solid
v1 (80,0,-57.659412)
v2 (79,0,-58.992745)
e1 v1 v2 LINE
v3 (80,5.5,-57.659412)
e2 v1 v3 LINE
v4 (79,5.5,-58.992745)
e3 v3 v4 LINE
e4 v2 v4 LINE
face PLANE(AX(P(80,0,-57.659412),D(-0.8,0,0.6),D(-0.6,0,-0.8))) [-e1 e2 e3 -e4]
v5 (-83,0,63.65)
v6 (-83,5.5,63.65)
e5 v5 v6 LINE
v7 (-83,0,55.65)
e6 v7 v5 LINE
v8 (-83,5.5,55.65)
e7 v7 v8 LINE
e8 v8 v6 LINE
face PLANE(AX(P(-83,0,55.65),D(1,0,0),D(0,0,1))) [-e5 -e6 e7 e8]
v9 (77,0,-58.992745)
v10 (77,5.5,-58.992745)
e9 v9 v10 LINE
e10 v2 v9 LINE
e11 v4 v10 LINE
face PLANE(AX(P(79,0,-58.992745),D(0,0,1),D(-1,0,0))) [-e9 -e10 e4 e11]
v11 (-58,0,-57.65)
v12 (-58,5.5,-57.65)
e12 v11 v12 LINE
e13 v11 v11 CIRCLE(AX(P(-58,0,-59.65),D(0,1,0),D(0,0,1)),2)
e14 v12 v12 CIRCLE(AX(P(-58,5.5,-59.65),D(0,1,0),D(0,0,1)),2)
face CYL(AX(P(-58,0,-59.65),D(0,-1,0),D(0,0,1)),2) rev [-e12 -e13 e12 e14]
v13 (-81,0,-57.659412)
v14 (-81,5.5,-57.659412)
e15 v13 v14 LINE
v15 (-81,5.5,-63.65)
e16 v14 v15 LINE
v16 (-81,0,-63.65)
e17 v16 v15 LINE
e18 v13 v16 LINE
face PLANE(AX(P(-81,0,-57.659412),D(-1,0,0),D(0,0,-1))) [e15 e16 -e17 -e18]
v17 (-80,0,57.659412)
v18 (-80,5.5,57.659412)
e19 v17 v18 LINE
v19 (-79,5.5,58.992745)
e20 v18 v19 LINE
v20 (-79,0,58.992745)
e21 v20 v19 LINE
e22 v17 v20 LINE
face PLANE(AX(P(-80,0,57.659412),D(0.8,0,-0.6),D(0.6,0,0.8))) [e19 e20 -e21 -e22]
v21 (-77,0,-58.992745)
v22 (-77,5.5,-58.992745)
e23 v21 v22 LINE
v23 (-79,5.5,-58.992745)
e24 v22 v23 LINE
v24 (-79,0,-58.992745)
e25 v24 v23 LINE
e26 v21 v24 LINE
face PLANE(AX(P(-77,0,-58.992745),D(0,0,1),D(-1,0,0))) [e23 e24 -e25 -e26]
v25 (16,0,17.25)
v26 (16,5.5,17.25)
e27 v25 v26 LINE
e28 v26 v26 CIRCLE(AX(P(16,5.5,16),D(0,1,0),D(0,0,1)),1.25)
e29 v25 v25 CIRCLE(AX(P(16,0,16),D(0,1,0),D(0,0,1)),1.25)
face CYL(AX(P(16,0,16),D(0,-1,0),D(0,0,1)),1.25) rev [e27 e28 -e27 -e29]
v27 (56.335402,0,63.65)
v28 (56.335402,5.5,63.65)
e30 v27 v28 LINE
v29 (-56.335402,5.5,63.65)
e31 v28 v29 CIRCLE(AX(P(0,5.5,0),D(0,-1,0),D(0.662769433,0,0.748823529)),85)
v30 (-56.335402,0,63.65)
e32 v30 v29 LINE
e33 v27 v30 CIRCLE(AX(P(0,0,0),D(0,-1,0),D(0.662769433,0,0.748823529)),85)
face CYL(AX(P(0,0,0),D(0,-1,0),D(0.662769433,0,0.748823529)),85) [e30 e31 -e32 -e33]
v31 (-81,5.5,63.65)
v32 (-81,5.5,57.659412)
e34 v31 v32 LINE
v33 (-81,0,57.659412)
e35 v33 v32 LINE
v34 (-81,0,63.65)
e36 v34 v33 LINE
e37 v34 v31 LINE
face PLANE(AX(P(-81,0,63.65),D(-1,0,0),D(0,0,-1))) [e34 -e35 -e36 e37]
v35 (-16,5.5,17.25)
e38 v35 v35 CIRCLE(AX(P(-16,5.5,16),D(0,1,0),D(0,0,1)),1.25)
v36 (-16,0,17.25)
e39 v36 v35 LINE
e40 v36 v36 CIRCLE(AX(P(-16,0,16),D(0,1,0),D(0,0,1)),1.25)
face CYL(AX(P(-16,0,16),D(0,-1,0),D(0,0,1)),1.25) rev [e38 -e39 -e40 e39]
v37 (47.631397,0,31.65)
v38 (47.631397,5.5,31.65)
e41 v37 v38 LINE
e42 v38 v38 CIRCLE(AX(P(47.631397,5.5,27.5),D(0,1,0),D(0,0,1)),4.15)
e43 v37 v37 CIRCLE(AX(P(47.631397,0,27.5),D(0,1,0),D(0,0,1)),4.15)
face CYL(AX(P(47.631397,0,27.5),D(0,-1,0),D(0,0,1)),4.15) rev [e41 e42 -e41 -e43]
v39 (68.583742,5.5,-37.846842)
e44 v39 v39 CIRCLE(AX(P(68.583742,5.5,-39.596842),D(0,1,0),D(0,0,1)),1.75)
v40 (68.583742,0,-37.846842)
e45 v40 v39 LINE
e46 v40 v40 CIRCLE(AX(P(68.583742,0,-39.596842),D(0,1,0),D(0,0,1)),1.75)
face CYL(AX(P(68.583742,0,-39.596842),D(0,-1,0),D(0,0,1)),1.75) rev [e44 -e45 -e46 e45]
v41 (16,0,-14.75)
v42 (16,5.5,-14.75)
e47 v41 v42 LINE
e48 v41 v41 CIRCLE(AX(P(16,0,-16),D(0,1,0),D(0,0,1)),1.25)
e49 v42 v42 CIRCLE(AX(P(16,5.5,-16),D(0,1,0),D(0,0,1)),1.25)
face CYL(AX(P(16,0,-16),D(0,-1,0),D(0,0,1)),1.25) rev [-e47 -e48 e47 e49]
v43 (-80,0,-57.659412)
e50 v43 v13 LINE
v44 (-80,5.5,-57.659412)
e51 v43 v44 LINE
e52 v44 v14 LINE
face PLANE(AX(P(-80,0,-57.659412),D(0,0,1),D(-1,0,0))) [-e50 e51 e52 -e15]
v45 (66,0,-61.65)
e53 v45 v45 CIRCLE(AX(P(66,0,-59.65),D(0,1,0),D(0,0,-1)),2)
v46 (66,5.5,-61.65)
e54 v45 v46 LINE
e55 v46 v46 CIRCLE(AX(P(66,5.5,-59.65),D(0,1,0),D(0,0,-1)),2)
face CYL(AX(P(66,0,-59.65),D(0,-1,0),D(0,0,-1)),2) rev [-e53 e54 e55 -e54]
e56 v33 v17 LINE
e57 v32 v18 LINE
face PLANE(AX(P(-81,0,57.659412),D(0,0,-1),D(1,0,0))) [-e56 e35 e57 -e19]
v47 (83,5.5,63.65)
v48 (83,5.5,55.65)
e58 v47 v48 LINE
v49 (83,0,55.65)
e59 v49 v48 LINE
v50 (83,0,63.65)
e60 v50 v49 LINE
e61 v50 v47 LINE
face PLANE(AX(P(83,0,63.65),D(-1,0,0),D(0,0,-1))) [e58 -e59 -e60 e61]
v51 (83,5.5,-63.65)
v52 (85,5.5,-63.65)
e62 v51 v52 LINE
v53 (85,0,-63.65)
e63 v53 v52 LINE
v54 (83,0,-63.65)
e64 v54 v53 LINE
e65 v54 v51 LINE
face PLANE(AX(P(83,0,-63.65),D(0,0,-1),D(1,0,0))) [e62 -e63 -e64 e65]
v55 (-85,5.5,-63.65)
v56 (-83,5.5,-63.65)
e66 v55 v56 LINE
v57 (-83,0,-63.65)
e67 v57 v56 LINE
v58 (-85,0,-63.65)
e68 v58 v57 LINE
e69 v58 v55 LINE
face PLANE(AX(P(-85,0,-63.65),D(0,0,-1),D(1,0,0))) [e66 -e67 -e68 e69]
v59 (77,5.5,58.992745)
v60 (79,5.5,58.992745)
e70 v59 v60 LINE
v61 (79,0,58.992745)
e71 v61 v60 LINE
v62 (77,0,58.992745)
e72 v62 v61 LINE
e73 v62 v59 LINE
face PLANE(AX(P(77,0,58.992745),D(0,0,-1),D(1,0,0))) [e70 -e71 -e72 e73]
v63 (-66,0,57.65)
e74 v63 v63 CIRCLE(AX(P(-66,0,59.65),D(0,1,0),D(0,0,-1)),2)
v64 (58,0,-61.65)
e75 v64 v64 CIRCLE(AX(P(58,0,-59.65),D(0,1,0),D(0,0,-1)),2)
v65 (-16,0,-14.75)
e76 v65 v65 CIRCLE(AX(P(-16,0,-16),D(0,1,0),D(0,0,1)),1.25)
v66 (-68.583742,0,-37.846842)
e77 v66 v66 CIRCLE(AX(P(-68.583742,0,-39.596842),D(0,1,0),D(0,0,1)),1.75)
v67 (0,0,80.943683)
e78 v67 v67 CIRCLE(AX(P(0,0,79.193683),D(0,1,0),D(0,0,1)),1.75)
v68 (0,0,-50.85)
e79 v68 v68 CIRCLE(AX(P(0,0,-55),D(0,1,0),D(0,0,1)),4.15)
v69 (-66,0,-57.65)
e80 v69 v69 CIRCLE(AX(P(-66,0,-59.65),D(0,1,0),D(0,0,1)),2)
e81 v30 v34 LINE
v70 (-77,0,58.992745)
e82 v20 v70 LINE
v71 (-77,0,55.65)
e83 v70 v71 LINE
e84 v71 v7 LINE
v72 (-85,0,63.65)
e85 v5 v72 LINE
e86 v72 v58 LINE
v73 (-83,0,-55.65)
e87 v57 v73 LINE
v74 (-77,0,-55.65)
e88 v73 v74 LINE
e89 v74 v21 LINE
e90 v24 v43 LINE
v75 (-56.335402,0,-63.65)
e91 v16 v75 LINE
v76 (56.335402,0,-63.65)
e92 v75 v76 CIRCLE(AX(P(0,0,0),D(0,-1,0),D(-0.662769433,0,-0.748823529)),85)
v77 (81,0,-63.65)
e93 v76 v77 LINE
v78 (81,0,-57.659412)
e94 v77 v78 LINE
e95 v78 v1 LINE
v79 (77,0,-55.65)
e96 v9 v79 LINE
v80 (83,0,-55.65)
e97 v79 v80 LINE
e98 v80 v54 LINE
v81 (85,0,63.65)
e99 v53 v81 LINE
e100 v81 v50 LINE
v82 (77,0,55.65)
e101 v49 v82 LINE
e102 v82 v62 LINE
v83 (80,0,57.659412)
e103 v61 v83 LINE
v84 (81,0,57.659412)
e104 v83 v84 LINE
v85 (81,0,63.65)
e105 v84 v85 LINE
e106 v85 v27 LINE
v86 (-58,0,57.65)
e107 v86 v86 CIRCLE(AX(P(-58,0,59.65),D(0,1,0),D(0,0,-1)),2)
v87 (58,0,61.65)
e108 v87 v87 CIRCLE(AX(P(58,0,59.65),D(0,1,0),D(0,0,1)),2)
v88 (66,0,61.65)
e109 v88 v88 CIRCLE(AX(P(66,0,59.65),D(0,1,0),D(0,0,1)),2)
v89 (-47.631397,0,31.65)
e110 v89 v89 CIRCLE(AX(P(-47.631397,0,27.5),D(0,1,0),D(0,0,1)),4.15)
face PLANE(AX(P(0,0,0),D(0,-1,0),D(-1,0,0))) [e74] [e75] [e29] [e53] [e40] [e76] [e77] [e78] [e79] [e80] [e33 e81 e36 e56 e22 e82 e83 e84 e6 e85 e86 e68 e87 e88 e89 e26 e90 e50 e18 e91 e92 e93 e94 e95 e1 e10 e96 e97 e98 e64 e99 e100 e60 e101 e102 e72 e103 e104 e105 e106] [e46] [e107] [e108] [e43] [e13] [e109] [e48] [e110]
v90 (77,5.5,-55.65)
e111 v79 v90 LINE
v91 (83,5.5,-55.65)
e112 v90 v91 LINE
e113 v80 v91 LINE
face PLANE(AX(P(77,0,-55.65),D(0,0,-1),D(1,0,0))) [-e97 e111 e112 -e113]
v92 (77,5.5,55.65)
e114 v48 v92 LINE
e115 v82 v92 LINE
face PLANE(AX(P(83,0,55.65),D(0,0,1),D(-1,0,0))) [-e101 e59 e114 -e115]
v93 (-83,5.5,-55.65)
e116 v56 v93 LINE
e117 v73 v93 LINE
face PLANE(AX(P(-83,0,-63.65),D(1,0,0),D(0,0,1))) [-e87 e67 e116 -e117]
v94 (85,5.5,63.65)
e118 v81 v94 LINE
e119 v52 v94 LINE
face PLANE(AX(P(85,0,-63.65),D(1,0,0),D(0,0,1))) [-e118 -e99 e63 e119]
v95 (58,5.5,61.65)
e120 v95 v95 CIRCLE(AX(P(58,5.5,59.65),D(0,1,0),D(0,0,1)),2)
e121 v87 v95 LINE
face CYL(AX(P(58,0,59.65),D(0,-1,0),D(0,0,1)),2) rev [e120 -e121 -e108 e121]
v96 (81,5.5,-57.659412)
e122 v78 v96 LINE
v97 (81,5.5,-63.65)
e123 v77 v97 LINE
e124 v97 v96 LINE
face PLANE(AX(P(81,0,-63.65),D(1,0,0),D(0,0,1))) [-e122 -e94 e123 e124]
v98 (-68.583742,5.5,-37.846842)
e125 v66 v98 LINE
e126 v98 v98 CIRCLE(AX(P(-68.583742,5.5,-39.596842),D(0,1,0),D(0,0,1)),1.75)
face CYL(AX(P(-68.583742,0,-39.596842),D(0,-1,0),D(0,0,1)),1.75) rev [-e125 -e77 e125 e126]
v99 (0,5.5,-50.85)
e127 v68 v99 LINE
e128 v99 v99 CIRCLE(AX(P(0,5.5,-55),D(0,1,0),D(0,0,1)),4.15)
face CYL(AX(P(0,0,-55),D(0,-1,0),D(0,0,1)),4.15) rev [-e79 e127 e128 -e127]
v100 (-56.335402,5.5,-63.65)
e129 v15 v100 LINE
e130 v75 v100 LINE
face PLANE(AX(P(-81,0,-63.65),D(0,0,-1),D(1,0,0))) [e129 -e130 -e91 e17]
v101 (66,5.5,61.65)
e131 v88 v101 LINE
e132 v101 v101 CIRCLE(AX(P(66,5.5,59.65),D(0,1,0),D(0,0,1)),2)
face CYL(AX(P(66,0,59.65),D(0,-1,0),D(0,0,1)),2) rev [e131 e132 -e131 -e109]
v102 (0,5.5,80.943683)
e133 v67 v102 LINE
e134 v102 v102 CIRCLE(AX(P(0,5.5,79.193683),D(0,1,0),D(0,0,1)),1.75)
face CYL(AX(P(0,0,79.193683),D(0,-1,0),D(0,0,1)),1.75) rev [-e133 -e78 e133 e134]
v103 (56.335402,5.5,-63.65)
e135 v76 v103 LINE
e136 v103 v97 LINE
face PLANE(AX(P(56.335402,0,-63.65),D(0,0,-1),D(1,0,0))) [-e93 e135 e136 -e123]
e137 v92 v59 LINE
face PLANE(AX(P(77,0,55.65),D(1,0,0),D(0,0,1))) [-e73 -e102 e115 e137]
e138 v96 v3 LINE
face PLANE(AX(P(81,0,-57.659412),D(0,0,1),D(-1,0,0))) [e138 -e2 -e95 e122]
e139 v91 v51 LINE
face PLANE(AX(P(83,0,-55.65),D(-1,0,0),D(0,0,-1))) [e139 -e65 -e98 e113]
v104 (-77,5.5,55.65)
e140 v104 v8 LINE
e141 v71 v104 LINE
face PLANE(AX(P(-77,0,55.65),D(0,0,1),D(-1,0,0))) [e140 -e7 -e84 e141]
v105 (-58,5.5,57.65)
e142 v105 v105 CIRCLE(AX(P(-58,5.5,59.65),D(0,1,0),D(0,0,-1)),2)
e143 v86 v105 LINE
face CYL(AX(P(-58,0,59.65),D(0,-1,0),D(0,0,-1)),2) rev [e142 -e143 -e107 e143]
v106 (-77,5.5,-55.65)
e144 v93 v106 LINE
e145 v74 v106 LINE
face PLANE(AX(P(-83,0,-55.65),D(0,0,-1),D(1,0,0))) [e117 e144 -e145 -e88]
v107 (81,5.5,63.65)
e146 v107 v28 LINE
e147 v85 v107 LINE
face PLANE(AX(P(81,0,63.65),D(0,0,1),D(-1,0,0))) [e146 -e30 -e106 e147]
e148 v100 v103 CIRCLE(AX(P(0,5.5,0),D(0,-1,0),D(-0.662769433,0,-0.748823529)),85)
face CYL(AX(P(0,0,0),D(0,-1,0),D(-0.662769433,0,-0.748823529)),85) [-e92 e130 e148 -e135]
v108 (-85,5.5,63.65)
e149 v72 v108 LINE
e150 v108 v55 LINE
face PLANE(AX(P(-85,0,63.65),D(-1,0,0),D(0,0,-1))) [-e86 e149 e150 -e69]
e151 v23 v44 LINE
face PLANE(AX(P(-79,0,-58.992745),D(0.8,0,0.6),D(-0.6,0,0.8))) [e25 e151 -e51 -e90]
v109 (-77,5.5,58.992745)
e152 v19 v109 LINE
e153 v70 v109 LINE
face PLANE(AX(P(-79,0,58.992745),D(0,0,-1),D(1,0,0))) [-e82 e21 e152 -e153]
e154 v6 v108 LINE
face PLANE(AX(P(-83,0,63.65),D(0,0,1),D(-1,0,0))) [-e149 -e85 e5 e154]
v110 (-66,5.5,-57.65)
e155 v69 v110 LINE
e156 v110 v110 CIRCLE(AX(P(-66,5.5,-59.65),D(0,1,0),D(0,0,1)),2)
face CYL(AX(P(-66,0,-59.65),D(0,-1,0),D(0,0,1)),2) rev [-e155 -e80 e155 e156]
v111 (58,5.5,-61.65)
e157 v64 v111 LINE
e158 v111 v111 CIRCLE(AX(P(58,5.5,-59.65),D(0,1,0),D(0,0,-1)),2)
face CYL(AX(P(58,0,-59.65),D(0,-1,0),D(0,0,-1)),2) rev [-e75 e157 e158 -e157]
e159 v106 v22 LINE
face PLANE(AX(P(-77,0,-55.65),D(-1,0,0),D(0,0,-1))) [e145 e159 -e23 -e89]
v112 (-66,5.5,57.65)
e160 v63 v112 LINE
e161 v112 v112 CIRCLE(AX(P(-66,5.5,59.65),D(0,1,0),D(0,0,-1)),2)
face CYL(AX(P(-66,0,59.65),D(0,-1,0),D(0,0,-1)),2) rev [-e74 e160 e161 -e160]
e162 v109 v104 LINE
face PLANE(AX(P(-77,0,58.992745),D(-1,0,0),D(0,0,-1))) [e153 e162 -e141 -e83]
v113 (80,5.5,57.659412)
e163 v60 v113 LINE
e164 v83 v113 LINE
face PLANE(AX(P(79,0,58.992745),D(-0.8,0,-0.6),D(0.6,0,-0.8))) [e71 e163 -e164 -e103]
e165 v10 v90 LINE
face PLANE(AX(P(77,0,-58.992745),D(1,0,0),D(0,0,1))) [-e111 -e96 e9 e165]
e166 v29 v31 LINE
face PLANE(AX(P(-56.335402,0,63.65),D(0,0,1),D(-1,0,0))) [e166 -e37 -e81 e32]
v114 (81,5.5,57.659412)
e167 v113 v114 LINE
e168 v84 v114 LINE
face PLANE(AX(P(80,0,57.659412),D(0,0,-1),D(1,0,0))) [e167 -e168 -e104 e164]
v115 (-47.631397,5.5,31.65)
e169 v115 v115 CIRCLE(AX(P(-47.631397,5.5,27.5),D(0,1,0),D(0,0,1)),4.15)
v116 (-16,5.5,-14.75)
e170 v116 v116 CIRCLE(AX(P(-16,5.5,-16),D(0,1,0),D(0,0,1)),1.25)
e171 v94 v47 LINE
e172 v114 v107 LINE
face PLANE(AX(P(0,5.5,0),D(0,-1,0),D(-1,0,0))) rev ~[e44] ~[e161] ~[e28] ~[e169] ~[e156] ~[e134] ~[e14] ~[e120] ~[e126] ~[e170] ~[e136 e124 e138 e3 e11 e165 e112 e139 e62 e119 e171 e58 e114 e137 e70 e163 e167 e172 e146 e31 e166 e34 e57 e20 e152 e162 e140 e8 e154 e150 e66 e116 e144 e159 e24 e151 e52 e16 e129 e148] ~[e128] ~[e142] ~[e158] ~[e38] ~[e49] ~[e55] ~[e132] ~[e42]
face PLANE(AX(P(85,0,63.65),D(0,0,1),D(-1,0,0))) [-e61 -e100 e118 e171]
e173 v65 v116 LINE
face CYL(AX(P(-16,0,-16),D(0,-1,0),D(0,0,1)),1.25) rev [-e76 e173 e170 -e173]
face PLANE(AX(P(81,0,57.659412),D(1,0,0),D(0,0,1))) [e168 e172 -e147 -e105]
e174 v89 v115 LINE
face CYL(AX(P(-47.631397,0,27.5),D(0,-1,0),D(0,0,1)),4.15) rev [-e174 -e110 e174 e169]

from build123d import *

# Parameters (mm, degrees)
SKETCH4_R           = 2
SKETCH4_R_2         = 1.25
SKETCH4_R_3         = 4.15
SKETCH4_R_4         = 1.75
BOSS_EXTRUDE1_DEPTH = 5.5


with BuildPart() as part:
    # Sketch4 → Boss-Extrude1 (new body)
    with BuildSketch(Plane(origin=(0, 0, 0), x_dir=(1, 0, 0), z_dir=(0, 1, 0))):
        with BuildLine():
            Line((56.335401836, 63.65), (81, 63.65))
            Line((81, 63.65), (81, 57.659411765))
            Line((81, 57.659411765), (80, 57.659411765))
            Line((80, 57.659411765), (79, 58.992745098))
            Line((79, 58.992745098), (77, 58.992745098))
            Line((77, 58.992745098), (77, 55.65))
            Line((77, 55.65), (83, 55.65))
            Line((83, 55.65), (83, 63.65))
            Line((83, 63.65), (85, 63.65))
            Line((85, 63.65), (85, -63.65))
            Line((85, -63.65), (83, -63.65))
            Line((83, -63.65), (83, -55.65))
            Line((83, -55.65), (77, -55.65))
            Line((77, -55.65), (77, -58.992745098))
            Line((77, -58.992745098), (79, -58.992745098))
            Line((79, -58.992745098), (80, -57.659411765))
            Line((80, -57.659411765), (81, -57.659411765))
            Line((81, -57.659411765), (81, -63.65))
            Line((81, -63.65), (56.335401836, -63.65))
            ThreePointArc((56.335401836, -63.65), (0, -85), (-56.335401836, -63.65))
            Line((-56.335401836, -63.65), (-81, -63.65))
            Line((-81, -63.65), (-81, -57.659411765))
            Line((-81, -57.659411765), (-80, -57.659411765))
            Line((-80, -57.659411765), (-79, -58.992745098))
            Line((-79, -58.992745098), (-77, -58.992745098))
            Line((-77, -58.992745098), (-77, -55.65))
            Line((-77, -55.65), (-83, -55.65))
            Line((-83, -55.65), (-83, -63.65))
            Line((-83, -63.65), (-85, -63.65))
            Line((-85, -63.65), (-85, 63.65))
            Line((-85, 63.65), (-83, 63.65))
            Line((-83, 63.65), (-83, 55.65))
            Line((-83, 55.65), (-77, 55.65))
            Line((-77, 55.65), (-77, 58.992745098))
            Line((-77, 58.992745098), (-79, 58.992745098))
            Line((-79, 58.992745098), (-80, 57.659411765))
            Line((-80, 57.659411765), (-81, 57.659411765))
            Line((-81, 57.659411765), (-81, 63.65))
            Line((-81, 63.65), (-56.335401836, 63.65))
            ThreePointArc((-56.335401836, 63.65), (0, 85), (56.335401836, 63.65))
        make_face()
        with Locations(Location((-58, 59.65, 0), (0, 0, 270))):
            Circle(SKETCH4_R, mode=Mode.SUBTRACT)
        with Locations(Location((-66, 59.65, 0), (0, 0, 270))):
            Circle(SKETCH4_R, mode=Mode.SUBTRACT)
        with Locations(Location((66, 59.65, 0), (0, 0, 90))):
            Circle(SKETCH4_R, mode=Mode.SUBTRACT)
        with Locations(Location((58, 59.65, 0), (0, 0, 90))):
            Circle(SKETCH4_R, mode=Mode.SUBTRACT)
        with Locations(Location((66, -59.65, 0), (0, 0, 270))):
            Circle(SKETCH4_R, mode=Mode.SUBTRACT)
        with Locations(Location((58, -59.65, 0), (0, 0, 270))):
            Circle(SKETCH4_R, mode=Mode.SUBTRACT)
        with Locations(Location((-58, -59.65, 0), (0, 0, 90))):
            Circle(SKETCH4_R, mode=Mode.SUBTRACT)
        with Locations(Location((-66, -59.65, 0), (0, 0, 90))):
            Circle(SKETCH4_R, mode=Mode.SUBTRACT)
        with Locations(Location((-16, 16, 0), (0, 0, 270))):
            Circle(SKETCH4_R_2, mode=Mode.SUBTRACT)
        with Locations(Location((16, 16, 0), (0, 0, 270))):
            Circle(SKETCH4_R_2, mode=Mode.SUBTRACT)
        with Locations(Location((16, -16, 0), (0, 0, 270))):
            Circle(SKETCH4_R_2, mode=Mode.SUBTRACT)
        with Locations(Location((-16, -16, 0), (0, 0, 270))):
            Circle(SKETCH4_R_2, mode=Mode.SUBTRACT)
        with Locations(Location((0, 55, 0), (0, 0, 270))):
            Circle(SKETCH4_R_3, mode=Mode.SUBTRACT)
        with Locations(Location((47.631397208, -27.5, 0), (0, 0, 270))):
            Circle(SKETCH4_R_3, mode=Mode.SUBTRACT)
        with Locations(Location((-47.631397208, -27.5, 0), (0, 0, 270))):
            Circle(SKETCH4_R_3, mode=Mode.SUBTRACT)
        with Locations(Location((0, -79.193683245, 0), (0, 0, 270))):
            Circle(SKETCH4_R_4, mode=Mode.SUBTRACT)
        with Locations(Location((-68.58374151, 39.596841623, 0), (0, 0, 270))):
            Circle(SKETCH4_R_4, mode=Mode.SUBTRACT)
        with Locations(Location((68.58374151, 39.596841623, 0), (0, 0, 270))):
            Circle(SKETCH4_R_4, mode=Mode.SUBTRACT)
    extrude(amount=BOSS_EXTRUDE1_DEPTH)


solid = part.part
